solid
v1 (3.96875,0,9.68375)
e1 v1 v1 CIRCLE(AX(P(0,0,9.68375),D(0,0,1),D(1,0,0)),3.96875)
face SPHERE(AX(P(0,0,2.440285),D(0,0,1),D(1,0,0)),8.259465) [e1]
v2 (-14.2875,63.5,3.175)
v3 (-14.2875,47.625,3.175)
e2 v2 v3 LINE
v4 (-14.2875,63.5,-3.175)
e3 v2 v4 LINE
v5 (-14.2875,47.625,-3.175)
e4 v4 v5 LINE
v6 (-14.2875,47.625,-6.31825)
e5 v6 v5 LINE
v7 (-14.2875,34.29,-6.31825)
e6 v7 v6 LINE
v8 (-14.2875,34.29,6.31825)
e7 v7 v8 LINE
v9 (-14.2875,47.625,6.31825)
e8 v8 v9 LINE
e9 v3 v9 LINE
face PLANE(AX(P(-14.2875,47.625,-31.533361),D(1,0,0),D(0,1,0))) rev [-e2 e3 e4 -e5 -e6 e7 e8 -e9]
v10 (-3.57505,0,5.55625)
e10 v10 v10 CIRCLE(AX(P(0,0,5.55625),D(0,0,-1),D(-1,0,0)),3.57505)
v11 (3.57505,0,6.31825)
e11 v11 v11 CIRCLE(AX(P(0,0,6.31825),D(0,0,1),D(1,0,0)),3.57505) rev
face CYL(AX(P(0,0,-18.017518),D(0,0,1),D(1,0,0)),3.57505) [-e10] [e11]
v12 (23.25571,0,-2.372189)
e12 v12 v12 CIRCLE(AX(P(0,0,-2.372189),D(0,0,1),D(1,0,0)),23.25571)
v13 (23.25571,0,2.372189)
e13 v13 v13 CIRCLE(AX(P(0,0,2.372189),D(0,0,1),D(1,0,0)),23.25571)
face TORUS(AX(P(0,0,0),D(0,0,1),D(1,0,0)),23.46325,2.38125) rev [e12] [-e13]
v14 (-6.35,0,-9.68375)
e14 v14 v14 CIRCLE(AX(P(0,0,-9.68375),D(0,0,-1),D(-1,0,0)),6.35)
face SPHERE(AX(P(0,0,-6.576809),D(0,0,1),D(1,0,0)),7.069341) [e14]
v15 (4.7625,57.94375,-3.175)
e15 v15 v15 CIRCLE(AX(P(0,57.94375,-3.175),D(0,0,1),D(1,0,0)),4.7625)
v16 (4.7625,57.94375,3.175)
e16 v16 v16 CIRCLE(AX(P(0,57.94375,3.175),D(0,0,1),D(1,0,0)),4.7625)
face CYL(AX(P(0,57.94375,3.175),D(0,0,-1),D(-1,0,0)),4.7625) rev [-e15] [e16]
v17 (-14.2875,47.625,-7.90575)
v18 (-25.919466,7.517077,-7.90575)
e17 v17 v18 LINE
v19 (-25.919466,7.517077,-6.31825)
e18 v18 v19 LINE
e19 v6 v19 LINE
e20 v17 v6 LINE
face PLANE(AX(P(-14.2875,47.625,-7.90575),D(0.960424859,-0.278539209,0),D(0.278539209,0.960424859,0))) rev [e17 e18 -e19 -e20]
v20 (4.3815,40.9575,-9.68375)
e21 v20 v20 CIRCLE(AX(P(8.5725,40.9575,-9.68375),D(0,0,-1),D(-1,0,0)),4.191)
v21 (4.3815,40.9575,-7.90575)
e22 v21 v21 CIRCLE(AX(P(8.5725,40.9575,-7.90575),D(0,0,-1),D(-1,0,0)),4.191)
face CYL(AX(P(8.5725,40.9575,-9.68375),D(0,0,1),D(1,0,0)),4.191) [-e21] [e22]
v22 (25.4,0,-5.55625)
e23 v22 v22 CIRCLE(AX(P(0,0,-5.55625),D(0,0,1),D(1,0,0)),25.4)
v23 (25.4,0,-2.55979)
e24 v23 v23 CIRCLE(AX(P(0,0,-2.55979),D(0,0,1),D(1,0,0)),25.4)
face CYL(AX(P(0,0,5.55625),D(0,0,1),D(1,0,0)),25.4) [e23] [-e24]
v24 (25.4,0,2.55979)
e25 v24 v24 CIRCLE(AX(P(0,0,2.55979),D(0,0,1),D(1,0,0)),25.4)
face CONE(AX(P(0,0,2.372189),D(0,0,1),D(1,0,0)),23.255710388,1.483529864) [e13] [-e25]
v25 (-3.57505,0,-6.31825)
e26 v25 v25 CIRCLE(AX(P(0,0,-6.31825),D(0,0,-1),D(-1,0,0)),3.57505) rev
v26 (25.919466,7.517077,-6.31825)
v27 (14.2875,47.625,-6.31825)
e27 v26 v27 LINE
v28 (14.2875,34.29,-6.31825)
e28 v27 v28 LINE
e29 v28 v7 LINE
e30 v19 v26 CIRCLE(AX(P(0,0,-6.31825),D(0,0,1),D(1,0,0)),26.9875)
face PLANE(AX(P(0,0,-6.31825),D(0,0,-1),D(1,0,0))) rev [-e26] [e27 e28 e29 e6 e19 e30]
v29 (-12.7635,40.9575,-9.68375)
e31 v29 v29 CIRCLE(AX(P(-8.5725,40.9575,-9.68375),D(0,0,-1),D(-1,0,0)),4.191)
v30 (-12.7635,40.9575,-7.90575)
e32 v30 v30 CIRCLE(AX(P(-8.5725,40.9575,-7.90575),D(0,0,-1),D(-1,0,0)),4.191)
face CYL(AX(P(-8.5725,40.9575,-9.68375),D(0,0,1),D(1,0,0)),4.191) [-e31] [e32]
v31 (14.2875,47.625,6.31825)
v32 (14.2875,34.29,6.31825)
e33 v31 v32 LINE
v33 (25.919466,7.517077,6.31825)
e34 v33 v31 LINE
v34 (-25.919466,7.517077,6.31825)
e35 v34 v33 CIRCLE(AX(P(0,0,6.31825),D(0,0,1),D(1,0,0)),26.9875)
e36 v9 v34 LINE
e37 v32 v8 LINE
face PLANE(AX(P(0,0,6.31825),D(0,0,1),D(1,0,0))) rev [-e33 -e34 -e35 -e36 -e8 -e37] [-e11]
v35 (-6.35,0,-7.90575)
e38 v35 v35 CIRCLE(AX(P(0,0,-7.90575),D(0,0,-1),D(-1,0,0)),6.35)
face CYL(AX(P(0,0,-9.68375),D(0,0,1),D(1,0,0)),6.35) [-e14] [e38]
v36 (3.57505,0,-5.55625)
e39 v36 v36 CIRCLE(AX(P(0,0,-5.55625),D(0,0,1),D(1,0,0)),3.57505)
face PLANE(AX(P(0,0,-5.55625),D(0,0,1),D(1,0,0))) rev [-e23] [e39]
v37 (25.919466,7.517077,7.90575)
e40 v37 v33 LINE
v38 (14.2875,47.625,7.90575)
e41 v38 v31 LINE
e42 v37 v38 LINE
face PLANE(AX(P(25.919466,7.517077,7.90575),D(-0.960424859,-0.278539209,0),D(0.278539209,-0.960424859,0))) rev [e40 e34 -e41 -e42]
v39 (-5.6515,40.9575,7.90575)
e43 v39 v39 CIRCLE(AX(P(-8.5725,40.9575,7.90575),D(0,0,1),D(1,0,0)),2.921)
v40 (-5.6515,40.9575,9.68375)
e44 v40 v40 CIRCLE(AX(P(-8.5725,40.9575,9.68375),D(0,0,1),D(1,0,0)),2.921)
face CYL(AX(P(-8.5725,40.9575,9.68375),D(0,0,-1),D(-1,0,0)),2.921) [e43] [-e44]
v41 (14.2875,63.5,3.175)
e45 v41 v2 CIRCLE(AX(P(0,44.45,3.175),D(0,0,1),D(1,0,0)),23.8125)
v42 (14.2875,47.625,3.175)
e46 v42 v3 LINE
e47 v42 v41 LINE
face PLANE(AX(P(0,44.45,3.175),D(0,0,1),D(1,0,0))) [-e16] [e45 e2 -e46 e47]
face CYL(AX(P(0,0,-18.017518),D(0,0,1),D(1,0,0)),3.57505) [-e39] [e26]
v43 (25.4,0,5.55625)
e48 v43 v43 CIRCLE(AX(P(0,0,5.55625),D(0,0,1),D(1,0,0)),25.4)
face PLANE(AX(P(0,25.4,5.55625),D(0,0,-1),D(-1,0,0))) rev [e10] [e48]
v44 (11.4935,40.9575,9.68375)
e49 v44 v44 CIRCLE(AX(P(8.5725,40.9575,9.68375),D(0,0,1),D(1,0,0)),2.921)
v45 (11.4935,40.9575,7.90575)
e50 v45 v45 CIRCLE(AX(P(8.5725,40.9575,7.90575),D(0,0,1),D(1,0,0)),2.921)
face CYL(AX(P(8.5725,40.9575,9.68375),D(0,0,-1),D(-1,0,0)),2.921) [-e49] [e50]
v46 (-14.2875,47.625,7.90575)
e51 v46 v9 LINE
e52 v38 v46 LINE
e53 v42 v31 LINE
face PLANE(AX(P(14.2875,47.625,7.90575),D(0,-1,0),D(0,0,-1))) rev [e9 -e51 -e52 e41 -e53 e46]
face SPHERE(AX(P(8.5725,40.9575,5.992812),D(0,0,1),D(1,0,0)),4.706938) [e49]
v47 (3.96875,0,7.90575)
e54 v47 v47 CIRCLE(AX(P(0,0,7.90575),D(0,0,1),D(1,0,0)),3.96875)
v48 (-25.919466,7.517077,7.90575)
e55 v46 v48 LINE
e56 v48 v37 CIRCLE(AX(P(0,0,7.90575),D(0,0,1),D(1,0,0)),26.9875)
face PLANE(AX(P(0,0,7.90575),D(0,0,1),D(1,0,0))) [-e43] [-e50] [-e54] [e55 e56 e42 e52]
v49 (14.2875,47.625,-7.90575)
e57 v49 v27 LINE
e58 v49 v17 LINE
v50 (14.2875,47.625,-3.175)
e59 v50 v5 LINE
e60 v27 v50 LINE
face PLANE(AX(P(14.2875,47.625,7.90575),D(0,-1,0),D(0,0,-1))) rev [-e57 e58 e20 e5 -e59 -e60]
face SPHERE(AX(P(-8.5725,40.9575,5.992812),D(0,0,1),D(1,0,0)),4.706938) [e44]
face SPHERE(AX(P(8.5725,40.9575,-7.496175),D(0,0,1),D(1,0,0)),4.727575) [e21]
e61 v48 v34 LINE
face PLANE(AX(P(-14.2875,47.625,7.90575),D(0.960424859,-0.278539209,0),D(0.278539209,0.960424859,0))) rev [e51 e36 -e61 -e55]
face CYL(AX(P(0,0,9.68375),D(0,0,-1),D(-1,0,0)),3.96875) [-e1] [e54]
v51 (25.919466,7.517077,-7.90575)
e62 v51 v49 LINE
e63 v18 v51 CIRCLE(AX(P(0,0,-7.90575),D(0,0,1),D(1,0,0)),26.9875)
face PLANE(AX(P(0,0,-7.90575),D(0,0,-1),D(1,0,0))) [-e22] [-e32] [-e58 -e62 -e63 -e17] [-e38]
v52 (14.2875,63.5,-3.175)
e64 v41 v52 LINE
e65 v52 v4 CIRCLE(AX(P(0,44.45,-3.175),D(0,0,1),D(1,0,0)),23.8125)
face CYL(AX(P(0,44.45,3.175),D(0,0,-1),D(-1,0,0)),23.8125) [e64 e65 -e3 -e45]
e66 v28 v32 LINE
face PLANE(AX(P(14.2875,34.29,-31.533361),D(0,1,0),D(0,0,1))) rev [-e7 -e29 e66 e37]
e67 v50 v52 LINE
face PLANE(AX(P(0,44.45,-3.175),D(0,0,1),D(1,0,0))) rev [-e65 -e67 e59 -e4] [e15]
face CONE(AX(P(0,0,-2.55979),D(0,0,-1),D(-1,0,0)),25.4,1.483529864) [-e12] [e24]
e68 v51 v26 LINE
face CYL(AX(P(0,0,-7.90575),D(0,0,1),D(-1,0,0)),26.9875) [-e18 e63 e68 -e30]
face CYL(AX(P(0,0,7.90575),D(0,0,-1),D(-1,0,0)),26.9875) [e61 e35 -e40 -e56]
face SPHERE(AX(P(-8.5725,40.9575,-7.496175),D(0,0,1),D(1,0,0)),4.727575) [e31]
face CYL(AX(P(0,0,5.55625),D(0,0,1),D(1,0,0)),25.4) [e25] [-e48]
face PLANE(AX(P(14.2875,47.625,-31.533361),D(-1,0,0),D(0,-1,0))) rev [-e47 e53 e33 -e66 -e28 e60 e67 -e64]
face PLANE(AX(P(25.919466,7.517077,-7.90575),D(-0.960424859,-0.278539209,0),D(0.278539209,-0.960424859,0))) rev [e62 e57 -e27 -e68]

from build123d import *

# Parameters (mm, degrees)
BOSS_EXTRUDE1_DEPTH = 1.5875
SKETCH5_W           = 28.575
SKETCH5_H           = 13.335
BOSS_EXTRUDE2_DEPTH = 6.31825
SKETCH32_R          = 4.7625
BOSS_EXTRUDE9_DEPTH = 3.175
SKETCH6_R           = 3.96875
SKETCH6_R_2         = 2.921
BOSS_EXTRUDE3_DEPTH = 1.778
DOME1_FACE_RADIUS   = 2.921
DOME1_HEIGHT        = 1.016
DOME3_FACE_RADIUS   = 2.921
DOME3_HEIGHT        = 1.016
DOME4_FACE_RADIUS   = 3.96875
DOME4_HEIGHT        = 1.016
SKETCH8_R           = 4.191
SKETCH8_R_2         = 6.35
BOSS_EXTRUDE4_DEPTH = 1.778
DOME5_FACE_RADIUS   = 4.191
DOME5_HEIGHT        = 2.54
DOME6_FACE_RADIUS   = 4.191
DOME6_HEIGHT        = 2.54
DOME7_FACE_RADIUS   = 6.35
DOME7_HEIGHT        = 3.9624
SKETCH9_R           = 3.57505
BOSS_EXTRUDE5_DEPTH = 15.8115


with BuildPart() as part:
    # Sketch3 → Revolve1 (revolve)
    with BuildSketch(Plane(origin=(0, 0, 0), x_dir=(0, 0, -1), z_dir=(1, 0, 0)), mode=Mode.PRIVATE) as revolve1_sk:
        with BuildLine():
            Line((-5.55625, 25.4), (-5.55625, 0))
            Line((-5.55625, 0), (5.55625, 0))
            Line((5.55625, 0), (5.55625, 25.4))
            Line((5.55625, 25.4), (2.559789657, 25.4))
            Line((2.559789657, 25.4), (2.372188625, 23.255710388))
            ThreePointArc((2.372188625, 23.255710388), (0, 21.082), (-2.372188625, 23.255710388))
            Line((-2.372188625, 23.255710388), (-2.559789657, 25.4))
            Line((-2.559789657, 25.4), (-5.55625, 25.4))
        make_face()
    revolve(revolve1_sk.sketch.rotate(Axis((0, 0, 5.55625), (0, 0, -1)), 90), axis=Axis((0, 0, 5.55625), (0, 0, -1)))



with BuildPart() as body_2:
    # Sketch4 → Boss-Extrude1 (new body)
    with BuildSketch(Plane.XY.offset(6.31825)):
        with BuildLine():
            Line((14.2875, 47.625), (-14.2875, 47.625))
            Line((-14.2875, 47.625), (-25.919465871, 7.517076905))
            ThreePointArc((-25.919465871, 7.517076905), (0, -26.9875), (25.919465871, 7.517076905))
            Line((25.919465871, 7.517076905), (14.2875, 47.625))
        make_face()
    extrude(amount=BOSS_EXTRUDE1_DEPTH)

    # Sketch5 → Boss-Extrude2 (add)
    with BuildSketch(Plane(origin=(0, 0, 6.31825), x_dir=(-1, 0, 0), z_dir=(0, 0, -1))):
        with Locations((0, 40.9575)):
            Rectangle(SKETCH5_W, SKETCH5_H)
    extrude(amount=BOSS_EXTRUDE2_DEPTH)

    # Mirror1: body 2 across plane


with BuildPart() as body_2_1:
    add(body_2.part)
    add(body_2.part.mirror(Plane.XY))

    # Sketch32 → Boss-Extrude9 (add, symmetric)
    with BuildSketch(Plane.XY):
        with BuildLine():
            Line((14.2875, 63.5), (14.2875, 34.29))
            Line((14.2875, 34.29), (-14.2875, 34.29))
            Line((-14.2875, 34.29), (-14.2875, 63.5))
            ThreePointArc((-14.2875, 63.5), (0, 68.2625), (14.2875, 63.5))
        make_face()
        with Locations((0, 57.94375)):
            Circle(SKETCH32_R, mode=Mode.SUBTRACT)
    extrude(amount=BOSS_EXTRUDE9_DEPTH, both=True)

    # Sketch6 → Boss-Extrude3 (add)
    with BuildSketch(Plane.XY.offset(7.90575)):
        Circle(SKETCH6_R)
        with Locations((-8.5725, 40.9575)):
            Circle(SKETCH6_R_2)
        with Locations((8.5725, 40.9575)):
            Circle(SKETCH6_R_2)
    extrude(amount=BOSS_EXTRUDE3_DEPTH)

    # Dome1: a dome of height H over a round flat face of radius A is a cap of a sphere of radius (A * A + H * H) / (2 * H)
    dome1_r = (DOME1_FACE_RADIUS * DOME1_FACE_RADIUS + DOME1_HEIGHT * DOME1_HEIGHT) / (2 * DOME1_HEIGHT)
    dome1_base = Plane((-8.5725, 40.9575, 9.68375), z_dir=(0, 0, 1))
    with Locations(dome1_base.offset(DOME1_HEIGHT - dome1_r)):
        dome1_ball = Sphere(dome1_r, mode=Mode.PRIVATE)
    add(split(dome1_ball, bisect_by=dome1_base, keep=Keep.TOP, mode=Mode.PRIVATE))

    # Dome3: a dome of height H over a round flat face of radius A is a cap of a sphere of radius (A * A + H * H) / (2 * H)
    dome3_r = (DOME3_FACE_RADIUS * DOME3_FACE_RADIUS + DOME3_HEIGHT * DOME3_HEIGHT) / (2 * DOME3_HEIGHT)
    dome3_base = Plane((8.5725, 40.9575, 9.68375), z_dir=(0, 0, 1))
    with Locations(dome3_base.offset(DOME3_HEIGHT - dome3_r)):
        dome3_ball = Sphere(dome3_r, mode=Mode.PRIVATE)
    add(split(dome3_ball, bisect_by=dome3_base, keep=Keep.TOP, mode=Mode.PRIVATE))

    # Dome4: a dome of height H over a round flat face of radius A is a cap of a sphere of radius (A * A + H * H) / (2 * H)
    dome4_r = (DOME4_FACE_RADIUS * DOME4_FACE_RADIUS + DOME4_HEIGHT * DOME4_HEIGHT) / (2 * DOME4_HEIGHT)
    dome4_base = Plane((0, 0, 9.68375), z_dir=(0, 0, 1))
    with Locations(dome4_base.offset(DOME4_HEIGHT - dome4_r)):
        dome4_ball = Sphere(dome4_r, mode=Mode.PRIVATE)
    add(split(dome4_ball, bisect_by=dome4_base, keep=Keep.TOP, mode=Mode.PRIVATE))

    # Sketch8 → Boss-Extrude4 (add)
    with BuildSketch(Plane(origin=(0, 0, -7.90575), x_dir=(-1, 0, 0), z_dir=(0, 0, -1))):
        with Locations((-8.5725, 40.9575)):
            Circle(SKETCH8_R)
        with Locations((8.5725, 40.9575)):
            Circle(SKETCH8_R)
        Circle(SKETCH8_R_2)
    extrude(amount=BOSS_EXTRUDE4_DEPTH)

    # Dome5: a dome of height H over a round flat face of radius A is a cap of a sphere of radius (A * A + H * H) / (2 * H)
    dome5_r = (DOME5_FACE_RADIUS * DOME5_FACE_RADIUS + DOME5_HEIGHT * DOME5_HEIGHT) / (2 * DOME5_HEIGHT)
    dome5_base = Plane((8.5725, 40.9575, -9.68375), z_dir=(0, 0, -1))
    with Locations(dome5_base.offset(DOME5_HEIGHT - dome5_r)):
        dome5_ball = Sphere(dome5_r, mode=Mode.PRIVATE)
    add(split(dome5_ball, bisect_by=dome5_base, keep=Keep.TOP, mode=Mode.PRIVATE))

    # Dome6: a dome of height H over a round flat face of radius A is a cap of a sphere of radius (A * A + H * H) / (2 * H)
    dome6_r = (DOME6_FACE_RADIUS * DOME6_FACE_RADIUS + DOME6_HEIGHT * DOME6_HEIGHT) / (2 * DOME6_HEIGHT)
    dome6_base = Plane((-8.5725, 40.9575, -9.68375), z_dir=(0, 0, -1))
    with Locations(dome6_base.offset(DOME6_HEIGHT - dome6_r)):
        dome6_ball = Sphere(dome6_r, mode=Mode.PRIVATE)
    add(split(dome6_ball, bisect_by=dome6_base, keep=Keep.TOP, mode=Mode.PRIVATE))

    # Dome7: a dome of height H over a round flat face of radius A is a cap of a sphere of radius (A * A + H * H) / (2 * H)
    dome7_r = (DOME7_FACE_RADIUS * DOME7_FACE_RADIUS + DOME7_HEIGHT * DOME7_HEIGHT) / (2 * DOME7_HEIGHT)
    dome7_base = Plane((0, 0, -9.68375), z_dir=(0, 0, -1))
    with Locations(dome7_base.offset(DOME7_HEIGHT - dome7_r)):
        dome7_ball = Sphere(dome7_r, mode=Mode.PRIVATE)
    add(split(dome7_ball, bisect_by=dome7_base, keep=Keep.TOP, mode=Mode.PRIVATE))


with BuildPart() as part_1:
    add(part.part)

    add(body_2_1.part)  # Boss-Extrude5 merges body 2
    # Sketch9 → Boss-Extrude5 (add)
    with BuildSketch(Plane.XY.offset(7.90575)):
        Circle(SKETCH9_R)
    extrude(amount=-BOSS_EXTRUDE5_DEPTH)


solid = part_1.part
